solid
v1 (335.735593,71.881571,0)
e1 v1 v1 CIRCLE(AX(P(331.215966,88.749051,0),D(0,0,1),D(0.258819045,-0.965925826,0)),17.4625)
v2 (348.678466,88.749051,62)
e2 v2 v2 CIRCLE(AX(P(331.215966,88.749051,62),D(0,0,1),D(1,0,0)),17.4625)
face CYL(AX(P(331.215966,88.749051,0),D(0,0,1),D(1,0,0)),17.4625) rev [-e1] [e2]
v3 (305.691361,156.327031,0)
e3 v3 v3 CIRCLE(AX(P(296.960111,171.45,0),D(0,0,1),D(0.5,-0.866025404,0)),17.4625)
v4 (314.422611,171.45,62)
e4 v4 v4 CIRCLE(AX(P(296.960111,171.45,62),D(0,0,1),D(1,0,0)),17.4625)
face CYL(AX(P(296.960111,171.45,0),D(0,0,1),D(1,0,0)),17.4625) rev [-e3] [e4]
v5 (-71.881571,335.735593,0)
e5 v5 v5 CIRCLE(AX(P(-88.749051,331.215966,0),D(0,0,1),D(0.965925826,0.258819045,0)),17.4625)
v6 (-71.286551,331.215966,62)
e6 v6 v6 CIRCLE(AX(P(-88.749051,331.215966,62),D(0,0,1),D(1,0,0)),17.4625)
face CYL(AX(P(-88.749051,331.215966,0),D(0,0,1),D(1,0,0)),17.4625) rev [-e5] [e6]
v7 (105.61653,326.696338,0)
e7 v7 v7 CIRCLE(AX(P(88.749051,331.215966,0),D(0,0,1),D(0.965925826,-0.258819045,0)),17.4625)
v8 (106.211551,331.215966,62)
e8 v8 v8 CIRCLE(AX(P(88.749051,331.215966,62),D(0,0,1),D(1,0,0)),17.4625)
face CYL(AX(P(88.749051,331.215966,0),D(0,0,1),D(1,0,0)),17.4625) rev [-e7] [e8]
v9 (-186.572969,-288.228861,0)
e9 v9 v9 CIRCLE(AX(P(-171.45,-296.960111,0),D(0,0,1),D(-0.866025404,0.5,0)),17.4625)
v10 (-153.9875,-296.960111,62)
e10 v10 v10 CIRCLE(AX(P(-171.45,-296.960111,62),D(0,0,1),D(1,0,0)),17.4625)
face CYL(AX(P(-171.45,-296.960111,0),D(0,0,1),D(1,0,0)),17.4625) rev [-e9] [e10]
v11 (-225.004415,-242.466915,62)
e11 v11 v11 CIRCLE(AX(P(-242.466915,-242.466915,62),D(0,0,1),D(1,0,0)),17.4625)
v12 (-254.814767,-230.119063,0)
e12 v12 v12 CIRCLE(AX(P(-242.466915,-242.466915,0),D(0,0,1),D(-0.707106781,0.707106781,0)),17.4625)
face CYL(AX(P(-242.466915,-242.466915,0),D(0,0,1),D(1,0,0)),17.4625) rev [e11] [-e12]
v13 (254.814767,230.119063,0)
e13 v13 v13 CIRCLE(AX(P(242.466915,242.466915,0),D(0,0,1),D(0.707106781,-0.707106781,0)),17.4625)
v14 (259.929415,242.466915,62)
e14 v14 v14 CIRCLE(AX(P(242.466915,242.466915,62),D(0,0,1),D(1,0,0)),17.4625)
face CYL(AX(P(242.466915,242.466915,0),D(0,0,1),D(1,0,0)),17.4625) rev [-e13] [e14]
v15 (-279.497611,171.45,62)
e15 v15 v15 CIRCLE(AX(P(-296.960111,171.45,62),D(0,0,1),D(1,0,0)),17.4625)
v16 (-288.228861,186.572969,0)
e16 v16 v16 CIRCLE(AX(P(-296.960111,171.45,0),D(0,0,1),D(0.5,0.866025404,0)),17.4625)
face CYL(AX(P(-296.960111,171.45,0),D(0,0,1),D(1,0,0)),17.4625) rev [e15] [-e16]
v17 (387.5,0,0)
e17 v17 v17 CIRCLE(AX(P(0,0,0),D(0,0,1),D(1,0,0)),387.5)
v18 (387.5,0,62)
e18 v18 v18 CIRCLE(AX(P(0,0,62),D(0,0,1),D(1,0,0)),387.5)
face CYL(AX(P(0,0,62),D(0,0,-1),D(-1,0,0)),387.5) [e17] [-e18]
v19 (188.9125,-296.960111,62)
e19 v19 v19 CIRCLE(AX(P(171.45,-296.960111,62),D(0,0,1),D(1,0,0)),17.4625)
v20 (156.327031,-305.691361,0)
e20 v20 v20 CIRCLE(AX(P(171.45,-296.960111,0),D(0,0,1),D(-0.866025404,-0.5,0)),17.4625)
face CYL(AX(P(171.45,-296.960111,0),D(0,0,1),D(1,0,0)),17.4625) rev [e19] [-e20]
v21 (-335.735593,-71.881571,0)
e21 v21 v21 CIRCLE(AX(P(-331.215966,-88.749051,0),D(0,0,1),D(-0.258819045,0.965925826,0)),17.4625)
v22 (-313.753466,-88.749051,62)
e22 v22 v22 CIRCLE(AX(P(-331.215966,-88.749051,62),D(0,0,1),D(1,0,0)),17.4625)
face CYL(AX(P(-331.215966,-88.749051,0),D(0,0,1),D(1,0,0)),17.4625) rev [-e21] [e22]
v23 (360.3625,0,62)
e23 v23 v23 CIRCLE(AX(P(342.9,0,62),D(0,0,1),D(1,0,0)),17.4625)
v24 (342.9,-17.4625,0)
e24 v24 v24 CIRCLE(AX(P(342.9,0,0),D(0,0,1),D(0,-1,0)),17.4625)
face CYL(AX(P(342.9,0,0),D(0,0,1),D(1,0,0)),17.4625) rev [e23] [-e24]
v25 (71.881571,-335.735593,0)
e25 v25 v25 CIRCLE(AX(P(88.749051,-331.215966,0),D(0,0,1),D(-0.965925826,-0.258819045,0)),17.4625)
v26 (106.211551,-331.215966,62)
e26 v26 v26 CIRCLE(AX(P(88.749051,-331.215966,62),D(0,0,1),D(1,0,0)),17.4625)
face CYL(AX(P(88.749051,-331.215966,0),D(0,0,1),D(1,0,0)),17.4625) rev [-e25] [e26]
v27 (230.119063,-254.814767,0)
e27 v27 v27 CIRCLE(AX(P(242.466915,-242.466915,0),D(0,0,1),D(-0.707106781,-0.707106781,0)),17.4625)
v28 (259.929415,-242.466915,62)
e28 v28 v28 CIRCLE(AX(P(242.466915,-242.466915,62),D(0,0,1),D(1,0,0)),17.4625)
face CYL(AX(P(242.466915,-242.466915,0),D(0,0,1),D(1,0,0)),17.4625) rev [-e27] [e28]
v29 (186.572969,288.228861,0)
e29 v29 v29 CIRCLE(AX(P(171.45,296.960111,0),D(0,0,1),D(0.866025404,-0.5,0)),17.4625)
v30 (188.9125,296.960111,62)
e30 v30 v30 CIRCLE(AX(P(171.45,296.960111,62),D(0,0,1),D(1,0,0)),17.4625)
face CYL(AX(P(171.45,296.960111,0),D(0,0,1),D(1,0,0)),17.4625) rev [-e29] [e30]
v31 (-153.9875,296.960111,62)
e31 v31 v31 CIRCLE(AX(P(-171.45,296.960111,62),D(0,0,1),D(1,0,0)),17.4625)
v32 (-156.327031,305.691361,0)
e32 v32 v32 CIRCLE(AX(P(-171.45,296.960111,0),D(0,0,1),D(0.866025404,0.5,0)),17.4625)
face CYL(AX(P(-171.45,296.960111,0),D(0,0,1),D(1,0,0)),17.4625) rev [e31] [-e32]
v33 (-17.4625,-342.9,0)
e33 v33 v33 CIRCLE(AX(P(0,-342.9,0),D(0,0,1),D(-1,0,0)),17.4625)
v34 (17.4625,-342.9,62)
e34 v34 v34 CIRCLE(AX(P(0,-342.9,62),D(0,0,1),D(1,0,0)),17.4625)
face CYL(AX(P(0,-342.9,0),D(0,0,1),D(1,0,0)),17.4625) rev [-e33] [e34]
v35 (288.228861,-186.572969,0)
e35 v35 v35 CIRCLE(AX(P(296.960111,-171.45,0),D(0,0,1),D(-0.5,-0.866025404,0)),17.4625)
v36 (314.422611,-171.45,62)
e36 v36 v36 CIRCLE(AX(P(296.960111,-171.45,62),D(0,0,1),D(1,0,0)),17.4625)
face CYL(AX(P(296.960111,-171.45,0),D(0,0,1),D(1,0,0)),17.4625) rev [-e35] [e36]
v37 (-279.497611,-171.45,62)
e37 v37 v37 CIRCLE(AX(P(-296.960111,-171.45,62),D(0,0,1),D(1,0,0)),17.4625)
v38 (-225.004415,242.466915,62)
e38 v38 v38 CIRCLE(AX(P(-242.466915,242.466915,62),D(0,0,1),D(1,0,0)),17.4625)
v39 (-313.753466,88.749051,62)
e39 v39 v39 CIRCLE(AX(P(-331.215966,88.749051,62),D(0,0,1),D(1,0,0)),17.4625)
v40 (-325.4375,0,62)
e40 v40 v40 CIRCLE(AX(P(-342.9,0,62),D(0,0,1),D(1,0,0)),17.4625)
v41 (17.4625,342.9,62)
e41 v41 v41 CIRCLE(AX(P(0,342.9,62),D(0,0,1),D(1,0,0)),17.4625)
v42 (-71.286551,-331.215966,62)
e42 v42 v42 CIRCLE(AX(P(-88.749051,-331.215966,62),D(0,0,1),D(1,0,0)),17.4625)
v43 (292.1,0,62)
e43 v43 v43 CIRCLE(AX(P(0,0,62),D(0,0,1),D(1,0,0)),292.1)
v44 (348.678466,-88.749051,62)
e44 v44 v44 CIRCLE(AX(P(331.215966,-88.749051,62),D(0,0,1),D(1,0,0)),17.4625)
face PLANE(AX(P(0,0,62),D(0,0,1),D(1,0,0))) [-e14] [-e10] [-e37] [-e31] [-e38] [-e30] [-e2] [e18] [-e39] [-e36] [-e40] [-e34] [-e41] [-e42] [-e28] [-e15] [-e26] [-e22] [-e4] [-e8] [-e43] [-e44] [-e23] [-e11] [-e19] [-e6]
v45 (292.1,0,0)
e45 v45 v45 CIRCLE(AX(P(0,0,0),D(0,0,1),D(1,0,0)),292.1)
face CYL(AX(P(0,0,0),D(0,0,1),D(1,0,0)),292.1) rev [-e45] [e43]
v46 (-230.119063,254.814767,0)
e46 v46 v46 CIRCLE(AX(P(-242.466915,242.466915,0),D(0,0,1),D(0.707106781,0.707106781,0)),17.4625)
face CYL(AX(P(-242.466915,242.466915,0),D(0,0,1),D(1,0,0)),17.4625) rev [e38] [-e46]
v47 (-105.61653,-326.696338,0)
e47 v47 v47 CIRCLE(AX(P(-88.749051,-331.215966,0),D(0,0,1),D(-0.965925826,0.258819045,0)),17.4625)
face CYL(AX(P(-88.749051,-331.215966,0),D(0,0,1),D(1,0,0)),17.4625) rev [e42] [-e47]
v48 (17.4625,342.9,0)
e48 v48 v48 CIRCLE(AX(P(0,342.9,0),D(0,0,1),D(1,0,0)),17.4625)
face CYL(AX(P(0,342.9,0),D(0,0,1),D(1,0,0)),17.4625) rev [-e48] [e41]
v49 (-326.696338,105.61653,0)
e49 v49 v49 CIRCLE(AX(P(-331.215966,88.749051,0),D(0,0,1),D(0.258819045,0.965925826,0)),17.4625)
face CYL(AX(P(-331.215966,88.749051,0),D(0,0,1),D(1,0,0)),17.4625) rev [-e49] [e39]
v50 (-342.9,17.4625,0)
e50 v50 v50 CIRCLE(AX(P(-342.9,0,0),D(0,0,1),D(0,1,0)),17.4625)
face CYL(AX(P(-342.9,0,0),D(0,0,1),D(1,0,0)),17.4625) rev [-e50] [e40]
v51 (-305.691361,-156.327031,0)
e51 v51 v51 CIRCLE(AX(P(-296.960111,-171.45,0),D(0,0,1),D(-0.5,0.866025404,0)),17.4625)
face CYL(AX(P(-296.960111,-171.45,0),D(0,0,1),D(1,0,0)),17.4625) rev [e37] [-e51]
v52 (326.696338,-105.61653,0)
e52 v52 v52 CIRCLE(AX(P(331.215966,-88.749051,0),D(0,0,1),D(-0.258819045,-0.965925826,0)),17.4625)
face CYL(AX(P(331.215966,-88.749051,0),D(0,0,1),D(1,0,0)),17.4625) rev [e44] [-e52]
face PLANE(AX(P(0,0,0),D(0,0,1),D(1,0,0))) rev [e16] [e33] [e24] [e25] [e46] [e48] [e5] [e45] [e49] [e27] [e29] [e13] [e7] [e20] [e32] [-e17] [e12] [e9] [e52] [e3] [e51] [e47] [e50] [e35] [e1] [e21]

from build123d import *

# Parameters (mm, degrees)
SKETCH1_R               = 387.5
BOSS_EXTRUDE1_DEPTH     = 62
SKETCH3_R               = 17.4625
CUT_EXTRUDE1_DEPTH      = 552.503853114
SKETCH2_R               = 292.1
BOSS_EXTRUDE2_DEPTH     = 1.5
CIRPATTERN1_COUNT       = 24
CUT_EXTRUDE4_DEPTH      = 552.67449642
CUT_EXTRUDE4_DEPTH_BACK = 552.67449642
SKETCH8_R               = 292.1


with BuildPart() as part:
    # Sketch1 → Boss-Extrude1 (new body)
    with BuildSketch(Plane.XY):
        Circle(SKETCH1_R)
    extrude(amount=BOSS_EXTRUDE1_DEPTH)

    # Sketch3 → Cut-Extrude1 (cut, symmetric)
    with BuildSketch(Plane.XY.offset(62)):
        with Locations((0, 342.9)):
            Circle(SKETCH3_R)
    cut_extrude1 = extrude(amount=CUT_EXTRUDE1_DEPTH, both=True, mode=Mode.SUBTRACT)

    # Sketch2 → Boss-Extrude2 (add)
    with BuildSketch(Plane.XY.offset(62)):
        Circle(SKETCH2_R)
    extrude(amount=BOSS_EXTRUDE2_DEPTH)

    # CirPattern1: Cut-Extrude1 ×24 about axis
    cirpattern1_axis = Axis((0, 0, 0), (0, 0, 1))
    for i in range(1, CIRPATTERN1_COUNT):
        add(cut_extrude1.rotate(cirpattern1_axis, i * 360 / CIRPATTERN1_COUNT), mode=Mode.SUBTRACT)

    # Sketch8 → Cut-Extrude4 (cut, two sides: drawn at the far end of the back side and taken through both)
    with BuildSketch(Plane.XY.offset(63.5).offset(-CUT_EXTRUDE4_DEPTH_BACK)):
        Circle(SKETCH8_R)
    extrude(amount=CUT_EXTRUDE4_DEPTH + CUT_EXTRUDE4_DEPTH_BACK, mode=Mode.SUBTRACT)


solid = part.part
